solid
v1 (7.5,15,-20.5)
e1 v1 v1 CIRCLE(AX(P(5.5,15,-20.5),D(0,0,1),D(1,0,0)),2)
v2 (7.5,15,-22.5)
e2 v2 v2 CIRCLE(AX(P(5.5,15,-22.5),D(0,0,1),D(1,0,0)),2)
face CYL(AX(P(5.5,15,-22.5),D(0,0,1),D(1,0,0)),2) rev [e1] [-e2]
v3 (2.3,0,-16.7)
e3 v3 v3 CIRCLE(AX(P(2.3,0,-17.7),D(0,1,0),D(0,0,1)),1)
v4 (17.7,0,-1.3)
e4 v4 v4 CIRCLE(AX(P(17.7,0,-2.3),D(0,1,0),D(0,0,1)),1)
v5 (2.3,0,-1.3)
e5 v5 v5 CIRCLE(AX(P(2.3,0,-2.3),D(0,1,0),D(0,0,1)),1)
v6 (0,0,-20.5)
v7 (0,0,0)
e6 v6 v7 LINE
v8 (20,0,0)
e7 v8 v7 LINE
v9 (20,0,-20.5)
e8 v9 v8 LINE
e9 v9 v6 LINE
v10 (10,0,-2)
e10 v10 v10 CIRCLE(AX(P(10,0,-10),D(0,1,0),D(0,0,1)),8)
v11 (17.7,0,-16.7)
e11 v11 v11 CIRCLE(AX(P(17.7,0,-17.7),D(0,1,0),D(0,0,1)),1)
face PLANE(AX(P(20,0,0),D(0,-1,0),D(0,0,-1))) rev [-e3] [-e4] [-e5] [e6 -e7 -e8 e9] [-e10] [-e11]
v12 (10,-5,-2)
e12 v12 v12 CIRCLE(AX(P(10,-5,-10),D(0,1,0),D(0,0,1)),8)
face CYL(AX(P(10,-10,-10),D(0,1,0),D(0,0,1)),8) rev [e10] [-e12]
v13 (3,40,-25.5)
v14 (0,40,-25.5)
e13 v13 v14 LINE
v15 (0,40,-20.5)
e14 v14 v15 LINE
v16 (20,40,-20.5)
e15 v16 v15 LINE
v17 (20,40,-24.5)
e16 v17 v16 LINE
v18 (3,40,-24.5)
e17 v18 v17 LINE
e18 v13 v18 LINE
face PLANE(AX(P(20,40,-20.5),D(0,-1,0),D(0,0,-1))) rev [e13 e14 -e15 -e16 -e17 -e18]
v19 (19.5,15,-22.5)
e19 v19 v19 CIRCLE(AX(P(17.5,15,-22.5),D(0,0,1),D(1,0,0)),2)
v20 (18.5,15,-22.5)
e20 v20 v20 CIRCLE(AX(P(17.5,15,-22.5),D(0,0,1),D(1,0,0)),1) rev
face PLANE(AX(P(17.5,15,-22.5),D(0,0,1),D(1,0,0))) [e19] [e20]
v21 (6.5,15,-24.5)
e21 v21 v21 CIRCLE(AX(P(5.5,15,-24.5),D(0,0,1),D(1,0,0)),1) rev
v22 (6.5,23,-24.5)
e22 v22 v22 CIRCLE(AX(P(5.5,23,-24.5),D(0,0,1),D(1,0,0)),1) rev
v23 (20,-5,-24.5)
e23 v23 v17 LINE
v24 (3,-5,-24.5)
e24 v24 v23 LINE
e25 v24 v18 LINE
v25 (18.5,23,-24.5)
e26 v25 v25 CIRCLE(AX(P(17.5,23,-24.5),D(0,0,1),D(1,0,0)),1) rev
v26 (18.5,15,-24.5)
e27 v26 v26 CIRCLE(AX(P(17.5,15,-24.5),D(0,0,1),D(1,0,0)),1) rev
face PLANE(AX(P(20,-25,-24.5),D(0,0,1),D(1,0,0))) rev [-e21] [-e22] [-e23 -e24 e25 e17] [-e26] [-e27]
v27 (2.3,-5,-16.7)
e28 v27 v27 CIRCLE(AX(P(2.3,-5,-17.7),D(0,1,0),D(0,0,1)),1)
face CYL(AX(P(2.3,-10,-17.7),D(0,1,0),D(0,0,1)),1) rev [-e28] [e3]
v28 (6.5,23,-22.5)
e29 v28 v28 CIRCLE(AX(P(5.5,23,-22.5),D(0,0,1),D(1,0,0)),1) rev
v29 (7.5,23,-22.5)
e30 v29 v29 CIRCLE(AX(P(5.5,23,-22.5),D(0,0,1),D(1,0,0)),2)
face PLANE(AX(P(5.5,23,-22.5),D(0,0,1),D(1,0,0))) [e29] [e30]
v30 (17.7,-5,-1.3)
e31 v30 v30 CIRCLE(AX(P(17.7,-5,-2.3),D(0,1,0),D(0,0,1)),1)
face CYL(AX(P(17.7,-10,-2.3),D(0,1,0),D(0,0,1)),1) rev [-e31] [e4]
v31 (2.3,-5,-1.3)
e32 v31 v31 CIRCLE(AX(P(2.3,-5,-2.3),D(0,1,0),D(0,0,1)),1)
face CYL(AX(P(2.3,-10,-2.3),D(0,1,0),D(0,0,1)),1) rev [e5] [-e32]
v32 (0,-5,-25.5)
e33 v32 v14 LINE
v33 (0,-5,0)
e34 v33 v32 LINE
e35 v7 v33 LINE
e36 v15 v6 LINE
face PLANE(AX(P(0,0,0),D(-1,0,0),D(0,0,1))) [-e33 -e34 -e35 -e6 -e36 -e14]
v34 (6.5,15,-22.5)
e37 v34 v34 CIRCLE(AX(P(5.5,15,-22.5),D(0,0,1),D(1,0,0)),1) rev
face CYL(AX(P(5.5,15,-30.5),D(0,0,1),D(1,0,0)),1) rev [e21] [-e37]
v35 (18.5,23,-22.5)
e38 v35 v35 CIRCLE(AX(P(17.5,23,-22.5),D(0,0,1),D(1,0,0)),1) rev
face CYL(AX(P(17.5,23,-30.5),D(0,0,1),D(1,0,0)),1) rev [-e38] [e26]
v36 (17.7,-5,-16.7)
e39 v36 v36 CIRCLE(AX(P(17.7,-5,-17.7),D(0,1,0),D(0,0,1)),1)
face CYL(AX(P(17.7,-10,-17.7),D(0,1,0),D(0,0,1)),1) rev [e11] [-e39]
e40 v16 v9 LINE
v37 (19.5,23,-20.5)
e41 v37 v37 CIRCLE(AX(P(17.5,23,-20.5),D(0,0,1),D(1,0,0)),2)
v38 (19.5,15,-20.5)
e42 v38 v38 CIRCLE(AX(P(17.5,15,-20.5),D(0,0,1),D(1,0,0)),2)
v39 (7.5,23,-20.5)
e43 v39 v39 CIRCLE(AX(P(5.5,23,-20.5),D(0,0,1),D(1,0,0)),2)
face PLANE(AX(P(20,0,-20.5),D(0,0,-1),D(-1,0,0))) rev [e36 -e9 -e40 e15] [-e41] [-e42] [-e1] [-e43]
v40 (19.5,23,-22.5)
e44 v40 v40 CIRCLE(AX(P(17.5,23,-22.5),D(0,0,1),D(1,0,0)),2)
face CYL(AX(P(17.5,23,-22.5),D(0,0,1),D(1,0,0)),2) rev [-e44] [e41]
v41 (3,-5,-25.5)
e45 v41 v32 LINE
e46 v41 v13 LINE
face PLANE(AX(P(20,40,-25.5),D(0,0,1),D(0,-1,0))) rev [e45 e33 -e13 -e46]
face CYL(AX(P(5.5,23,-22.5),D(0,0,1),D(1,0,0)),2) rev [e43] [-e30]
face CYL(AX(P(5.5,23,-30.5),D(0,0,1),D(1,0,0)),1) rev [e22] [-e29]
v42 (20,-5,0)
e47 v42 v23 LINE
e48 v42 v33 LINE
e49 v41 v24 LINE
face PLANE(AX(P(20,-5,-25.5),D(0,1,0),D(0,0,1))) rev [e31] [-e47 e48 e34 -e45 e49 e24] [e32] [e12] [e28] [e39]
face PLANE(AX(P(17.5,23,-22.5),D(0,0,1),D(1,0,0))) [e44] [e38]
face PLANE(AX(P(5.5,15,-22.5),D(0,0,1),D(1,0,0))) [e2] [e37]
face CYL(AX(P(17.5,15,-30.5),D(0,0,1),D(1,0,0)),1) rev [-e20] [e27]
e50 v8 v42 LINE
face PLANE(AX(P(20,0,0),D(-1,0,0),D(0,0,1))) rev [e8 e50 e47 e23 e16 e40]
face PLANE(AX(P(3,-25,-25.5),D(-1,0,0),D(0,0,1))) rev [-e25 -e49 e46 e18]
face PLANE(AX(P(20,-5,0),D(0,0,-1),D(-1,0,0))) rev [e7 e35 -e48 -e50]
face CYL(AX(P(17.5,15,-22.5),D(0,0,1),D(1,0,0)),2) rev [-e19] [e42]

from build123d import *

# Parameters (mm, degrees)
BOSS_EXTRUDE1_DEPTH = 20
SKETCH3_R           = 8
SKETCH3_R_2         = 1
CUT_EXTRUDE1_DEPTH  = 10
SKETCH4_R           = 1
CUT_EXTRUDE2_DEPTH  = 10
SKETCH5_R           = 2
CUT_EXTRUDE3_DEPTH  = 2
SKETCH6_W           = 17
SKETCH6_H           = 1
CUT_EXTRUDE4_DEPTH  = 65


with BuildPart() as part:
    # Sketch1 → Boss-Extrude1 (new body)
    with BuildSketch(Plane(origin=(0, 0, 0), x_dir=(0, 0, -1), z_dir=(1, 0, 0))):
        Polygon((0, 0), (20.5, 0), (20.5, 40), (25.5, 40), (25.5, -5), (0, -5), align=None)
    extrude(amount=BOSS_EXTRUDE1_DEPTH)

    # Sketch3 → Cut-Extrude1 (cut)
    with BuildSketch(Plane(origin=(0, 0, 0), x_dir=(1, 0, 0), z_dir=(0, 1, 0))):
        with Locations(Location((10, 10, 0), (0, 0, 270))):
            Circle(SKETCH3_R)
        with Locations(Location((2.3, 17.7, 0), (0, 0, 270))):
            Circle(SKETCH3_R_2)
        with Locations(Location((17.7, 17.7, 0), (0, 0, 270))):
            Circle(SKETCH3_R_2)
        with Locations(Location((17.7, 2.3, 0), (0, 0, 270))):
            Circle(SKETCH3_R_2)
        with Locations(Location((2.3, 2.3, 0), (0, 0, 270))):
            Circle(SKETCH3_R_2)
    extrude(amount=-CUT_EXTRUDE1_DEPTH, mode=Mode.SUBTRACT)

    # Sketch4 → Cut-Extrude2 (cut)
    with BuildSketch(Plane.XY.offset(-20.5)):
        with Locations((5.5, 15)):
            Circle(SKETCH4_R)
        with Locations((5.5, 23)):
            Circle(SKETCH4_R)
        with Locations((17.5, 23)):
            Circle(SKETCH4_R)
        with Locations((17.5, 15)):
            Circle(SKETCH4_R)
    extrude(amount=-CUT_EXTRUDE2_DEPTH, mode=Mode.SUBTRACT)

    # Sketch5 → Cut-Extrude3 (cut)
    with BuildSketch(Plane.XY.offset(-20.5)):
        with Locations((5.5, 23)):
            Circle(SKETCH5_R)
        with Locations((5.5, 15)):
            Circle(SKETCH5_R)
        with Locations((17.5, 15)):
            Circle(SKETCH5_R)
        with Locations((17.5, 23)):
            Circle(SKETCH5_R)
    extrude(amount=-CUT_EXTRUDE3_DEPTH, mode=Mode.SUBTRACT)

    # Sketch6 → Cut-Extrude4 (cut)
    with BuildSketch(Plane(origin=(0, 40, 0), x_dir=(1, 0, 0), z_dir=(0, 1, 0))):
        with Locations((11.5, 25)):
            Rectangle(SKETCH6_W, SKETCH6_H)
    extrude(amount=-CUT_EXTRUDE4_DEPTH, mode=Mode.SUBTRACT)


solid = part.part
